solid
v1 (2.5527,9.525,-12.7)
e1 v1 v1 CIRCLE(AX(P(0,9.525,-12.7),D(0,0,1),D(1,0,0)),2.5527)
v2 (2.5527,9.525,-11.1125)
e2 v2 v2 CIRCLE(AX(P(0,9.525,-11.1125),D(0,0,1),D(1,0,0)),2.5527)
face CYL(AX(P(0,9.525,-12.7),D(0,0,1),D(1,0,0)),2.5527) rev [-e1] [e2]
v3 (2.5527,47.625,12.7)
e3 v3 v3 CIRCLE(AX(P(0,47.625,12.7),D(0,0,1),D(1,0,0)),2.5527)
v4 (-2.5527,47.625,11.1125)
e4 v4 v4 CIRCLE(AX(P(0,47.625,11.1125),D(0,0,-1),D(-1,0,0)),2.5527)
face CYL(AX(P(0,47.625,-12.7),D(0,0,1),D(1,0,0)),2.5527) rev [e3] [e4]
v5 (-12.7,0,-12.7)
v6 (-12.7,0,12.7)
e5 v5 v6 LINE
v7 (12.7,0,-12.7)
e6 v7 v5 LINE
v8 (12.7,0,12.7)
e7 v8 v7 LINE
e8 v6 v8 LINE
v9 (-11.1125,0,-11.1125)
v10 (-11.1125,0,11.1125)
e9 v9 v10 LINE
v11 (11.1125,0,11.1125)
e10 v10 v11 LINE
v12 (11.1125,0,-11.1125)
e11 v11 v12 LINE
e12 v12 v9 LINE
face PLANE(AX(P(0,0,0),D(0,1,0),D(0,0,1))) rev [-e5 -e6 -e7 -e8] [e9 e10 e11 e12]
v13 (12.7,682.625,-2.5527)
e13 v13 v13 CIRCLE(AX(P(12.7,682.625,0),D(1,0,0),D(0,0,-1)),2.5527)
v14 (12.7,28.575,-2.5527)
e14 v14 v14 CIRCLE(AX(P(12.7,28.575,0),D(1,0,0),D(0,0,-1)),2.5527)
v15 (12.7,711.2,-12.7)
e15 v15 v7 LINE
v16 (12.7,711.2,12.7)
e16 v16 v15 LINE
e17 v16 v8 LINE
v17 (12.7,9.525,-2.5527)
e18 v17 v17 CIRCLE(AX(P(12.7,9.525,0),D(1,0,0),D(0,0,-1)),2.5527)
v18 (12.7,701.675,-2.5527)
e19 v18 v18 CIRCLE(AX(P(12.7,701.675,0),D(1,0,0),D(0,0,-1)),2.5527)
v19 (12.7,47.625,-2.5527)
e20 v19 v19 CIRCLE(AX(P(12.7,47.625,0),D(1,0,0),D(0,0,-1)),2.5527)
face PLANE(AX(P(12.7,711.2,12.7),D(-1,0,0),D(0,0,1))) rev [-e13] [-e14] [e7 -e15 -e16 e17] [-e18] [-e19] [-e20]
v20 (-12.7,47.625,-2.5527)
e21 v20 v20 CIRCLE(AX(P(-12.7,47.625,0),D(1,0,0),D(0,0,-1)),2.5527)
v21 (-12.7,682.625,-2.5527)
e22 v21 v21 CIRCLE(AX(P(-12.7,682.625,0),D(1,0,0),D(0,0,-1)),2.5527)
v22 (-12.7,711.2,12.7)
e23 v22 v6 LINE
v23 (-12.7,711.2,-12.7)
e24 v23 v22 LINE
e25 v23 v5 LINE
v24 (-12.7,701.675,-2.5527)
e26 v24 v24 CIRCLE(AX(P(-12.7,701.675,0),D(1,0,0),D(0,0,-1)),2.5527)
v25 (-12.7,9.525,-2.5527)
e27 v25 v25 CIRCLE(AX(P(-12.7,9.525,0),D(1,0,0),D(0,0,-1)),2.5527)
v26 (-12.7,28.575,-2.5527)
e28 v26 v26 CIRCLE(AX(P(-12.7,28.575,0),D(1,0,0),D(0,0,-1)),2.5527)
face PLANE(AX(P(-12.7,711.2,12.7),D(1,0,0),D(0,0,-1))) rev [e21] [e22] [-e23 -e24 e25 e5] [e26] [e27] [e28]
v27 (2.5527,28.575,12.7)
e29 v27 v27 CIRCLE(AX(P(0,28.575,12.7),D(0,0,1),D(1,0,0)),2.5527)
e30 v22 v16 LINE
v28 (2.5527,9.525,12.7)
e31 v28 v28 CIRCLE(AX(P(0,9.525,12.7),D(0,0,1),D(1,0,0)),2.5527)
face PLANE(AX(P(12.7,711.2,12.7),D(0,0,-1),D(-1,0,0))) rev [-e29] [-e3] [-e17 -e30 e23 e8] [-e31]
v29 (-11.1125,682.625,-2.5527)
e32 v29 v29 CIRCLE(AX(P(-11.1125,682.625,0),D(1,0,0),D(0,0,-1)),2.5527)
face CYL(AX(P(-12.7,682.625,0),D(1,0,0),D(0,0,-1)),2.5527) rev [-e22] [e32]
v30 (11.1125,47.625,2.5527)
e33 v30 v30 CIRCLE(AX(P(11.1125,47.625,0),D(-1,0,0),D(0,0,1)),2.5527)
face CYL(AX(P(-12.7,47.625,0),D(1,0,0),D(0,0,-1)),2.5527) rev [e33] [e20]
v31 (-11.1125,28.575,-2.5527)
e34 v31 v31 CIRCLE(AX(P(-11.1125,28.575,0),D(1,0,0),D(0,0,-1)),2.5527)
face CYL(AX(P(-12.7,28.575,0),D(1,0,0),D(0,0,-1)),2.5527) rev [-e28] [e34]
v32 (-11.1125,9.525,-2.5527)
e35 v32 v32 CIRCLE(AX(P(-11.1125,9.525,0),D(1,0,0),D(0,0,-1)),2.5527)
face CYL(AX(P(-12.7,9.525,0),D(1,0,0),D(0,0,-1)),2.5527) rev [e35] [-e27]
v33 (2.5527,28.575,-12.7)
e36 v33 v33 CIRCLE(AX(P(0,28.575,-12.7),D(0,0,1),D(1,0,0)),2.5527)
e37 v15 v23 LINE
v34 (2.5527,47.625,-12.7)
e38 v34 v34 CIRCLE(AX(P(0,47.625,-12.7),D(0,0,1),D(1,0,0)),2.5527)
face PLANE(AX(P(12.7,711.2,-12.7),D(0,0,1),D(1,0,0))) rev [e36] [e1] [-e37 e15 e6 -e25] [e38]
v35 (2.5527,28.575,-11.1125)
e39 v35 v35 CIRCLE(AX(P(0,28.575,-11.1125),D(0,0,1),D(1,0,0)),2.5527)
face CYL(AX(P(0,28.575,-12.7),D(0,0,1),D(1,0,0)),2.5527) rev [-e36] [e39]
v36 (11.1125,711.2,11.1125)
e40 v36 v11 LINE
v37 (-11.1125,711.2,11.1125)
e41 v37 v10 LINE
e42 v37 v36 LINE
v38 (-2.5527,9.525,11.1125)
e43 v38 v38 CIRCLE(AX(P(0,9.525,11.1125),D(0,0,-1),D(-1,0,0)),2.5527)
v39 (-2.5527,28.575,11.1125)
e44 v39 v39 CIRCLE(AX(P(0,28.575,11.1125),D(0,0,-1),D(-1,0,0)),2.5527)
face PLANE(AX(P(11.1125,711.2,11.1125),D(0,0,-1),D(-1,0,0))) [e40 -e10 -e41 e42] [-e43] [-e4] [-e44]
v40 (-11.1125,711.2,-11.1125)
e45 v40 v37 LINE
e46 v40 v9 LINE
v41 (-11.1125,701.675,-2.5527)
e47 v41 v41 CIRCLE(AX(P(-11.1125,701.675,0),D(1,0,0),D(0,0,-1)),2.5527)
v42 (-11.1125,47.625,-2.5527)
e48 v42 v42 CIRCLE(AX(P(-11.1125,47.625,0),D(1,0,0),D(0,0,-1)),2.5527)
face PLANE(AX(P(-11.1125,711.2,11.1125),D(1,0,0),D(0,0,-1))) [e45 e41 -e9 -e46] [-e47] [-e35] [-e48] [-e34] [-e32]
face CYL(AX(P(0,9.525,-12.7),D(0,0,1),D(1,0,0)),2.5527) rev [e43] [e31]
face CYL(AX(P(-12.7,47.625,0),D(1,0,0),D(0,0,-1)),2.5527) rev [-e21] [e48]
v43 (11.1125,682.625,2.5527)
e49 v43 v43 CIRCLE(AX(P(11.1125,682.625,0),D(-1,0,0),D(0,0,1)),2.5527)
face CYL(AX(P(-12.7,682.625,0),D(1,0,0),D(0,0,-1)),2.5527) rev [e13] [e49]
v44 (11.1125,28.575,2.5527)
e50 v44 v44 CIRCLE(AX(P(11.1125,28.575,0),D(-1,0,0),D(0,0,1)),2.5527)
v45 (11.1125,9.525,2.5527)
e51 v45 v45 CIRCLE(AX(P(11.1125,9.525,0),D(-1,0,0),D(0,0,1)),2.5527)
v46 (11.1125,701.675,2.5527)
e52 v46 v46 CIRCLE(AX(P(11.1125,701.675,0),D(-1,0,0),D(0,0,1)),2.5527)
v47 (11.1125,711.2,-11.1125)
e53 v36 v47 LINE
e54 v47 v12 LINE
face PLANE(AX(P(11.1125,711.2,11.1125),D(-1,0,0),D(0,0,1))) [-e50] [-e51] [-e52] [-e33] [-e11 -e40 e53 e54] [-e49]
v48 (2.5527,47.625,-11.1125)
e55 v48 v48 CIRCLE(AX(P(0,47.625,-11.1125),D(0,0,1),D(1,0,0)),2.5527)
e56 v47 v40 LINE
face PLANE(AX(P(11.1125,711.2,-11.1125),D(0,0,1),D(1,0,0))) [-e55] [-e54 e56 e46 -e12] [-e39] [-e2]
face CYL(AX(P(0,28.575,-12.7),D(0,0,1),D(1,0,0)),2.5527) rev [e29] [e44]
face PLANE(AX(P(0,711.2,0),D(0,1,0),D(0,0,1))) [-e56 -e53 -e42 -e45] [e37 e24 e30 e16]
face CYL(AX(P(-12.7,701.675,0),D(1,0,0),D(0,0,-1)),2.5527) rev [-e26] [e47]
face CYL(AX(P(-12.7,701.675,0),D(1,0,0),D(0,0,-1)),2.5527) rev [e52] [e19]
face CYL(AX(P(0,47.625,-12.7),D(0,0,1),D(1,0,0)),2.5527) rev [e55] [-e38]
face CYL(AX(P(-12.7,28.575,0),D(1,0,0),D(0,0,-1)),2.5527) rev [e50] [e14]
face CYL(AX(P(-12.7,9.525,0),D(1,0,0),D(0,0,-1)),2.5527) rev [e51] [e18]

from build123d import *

# Parameters (mm, degrees)
SKETCH1_W           = 25.4
SKETCH1_H           = 25.4
SKETCH1_W_2         = 22.225
SKETCH1_H_2         = 22.225
BOSS_EXTRUDE1_DEPTH = 711.2
SKETCH2_R           = 2.5527
CUT_EXTRUDE1_DEPTH  = 26.4
SKETCH3_R           = 2.5527
CUT_EXTRUDE2_DEPTH  = 26.4


with BuildPart() as part:
    # Sketch1 → Boss-Extrude1 (new body)
    with BuildSketch(Plane(origin=(0, 0, 0), x_dir=(1, 0, 0), z_dir=(0, 1, 0))):
        Rectangle(SKETCH1_W, SKETCH1_H)
        Rectangle(SKETCH1_W_2, SKETCH1_H_2, mode=Mode.SUBTRACT)
    extrude(amount=BOSS_EXTRUDE1_DEPTH)

    # Sketch2 → Cut-Extrude1 (cut, through all)
    with BuildSketch(Plane.XY.offset(12.7)):
        with Locations((0, 9.525)):
            Circle(SKETCH2_R)
        with Locations((0, 28.575)):
            Circle(SKETCH2_R)
        with Locations((0, 47.625)):
            Circle(SKETCH2_R)
    extrude(amount=-CUT_EXTRUDE1_DEPTH, mode=Mode.SUBTRACT)

    # Sketch3 → Cut-Extrude2 (cut, through all)
    with BuildSketch(Plane(origin=(12.7, 0, 0), x_dir=(0, 0, -1), z_dir=(1, 0, 0))):
        with Locations((0, 9.525)):
            Circle(SKETCH3_R)
        with Locations((0, 28.575)):
            Circle(SKETCH3_R)
        with Locations((0, 47.625)):
            Circle(SKETCH3_R)
        with Locations((0, 701.675)):
            Circle(SKETCH3_R)
        with Locations((0, 682.625)):
            Circle(SKETCH3_R)
    extrude(amount=-CUT_EXTRUDE2_DEPTH, mode=Mode.SUBTRACT)


solid = part.part
